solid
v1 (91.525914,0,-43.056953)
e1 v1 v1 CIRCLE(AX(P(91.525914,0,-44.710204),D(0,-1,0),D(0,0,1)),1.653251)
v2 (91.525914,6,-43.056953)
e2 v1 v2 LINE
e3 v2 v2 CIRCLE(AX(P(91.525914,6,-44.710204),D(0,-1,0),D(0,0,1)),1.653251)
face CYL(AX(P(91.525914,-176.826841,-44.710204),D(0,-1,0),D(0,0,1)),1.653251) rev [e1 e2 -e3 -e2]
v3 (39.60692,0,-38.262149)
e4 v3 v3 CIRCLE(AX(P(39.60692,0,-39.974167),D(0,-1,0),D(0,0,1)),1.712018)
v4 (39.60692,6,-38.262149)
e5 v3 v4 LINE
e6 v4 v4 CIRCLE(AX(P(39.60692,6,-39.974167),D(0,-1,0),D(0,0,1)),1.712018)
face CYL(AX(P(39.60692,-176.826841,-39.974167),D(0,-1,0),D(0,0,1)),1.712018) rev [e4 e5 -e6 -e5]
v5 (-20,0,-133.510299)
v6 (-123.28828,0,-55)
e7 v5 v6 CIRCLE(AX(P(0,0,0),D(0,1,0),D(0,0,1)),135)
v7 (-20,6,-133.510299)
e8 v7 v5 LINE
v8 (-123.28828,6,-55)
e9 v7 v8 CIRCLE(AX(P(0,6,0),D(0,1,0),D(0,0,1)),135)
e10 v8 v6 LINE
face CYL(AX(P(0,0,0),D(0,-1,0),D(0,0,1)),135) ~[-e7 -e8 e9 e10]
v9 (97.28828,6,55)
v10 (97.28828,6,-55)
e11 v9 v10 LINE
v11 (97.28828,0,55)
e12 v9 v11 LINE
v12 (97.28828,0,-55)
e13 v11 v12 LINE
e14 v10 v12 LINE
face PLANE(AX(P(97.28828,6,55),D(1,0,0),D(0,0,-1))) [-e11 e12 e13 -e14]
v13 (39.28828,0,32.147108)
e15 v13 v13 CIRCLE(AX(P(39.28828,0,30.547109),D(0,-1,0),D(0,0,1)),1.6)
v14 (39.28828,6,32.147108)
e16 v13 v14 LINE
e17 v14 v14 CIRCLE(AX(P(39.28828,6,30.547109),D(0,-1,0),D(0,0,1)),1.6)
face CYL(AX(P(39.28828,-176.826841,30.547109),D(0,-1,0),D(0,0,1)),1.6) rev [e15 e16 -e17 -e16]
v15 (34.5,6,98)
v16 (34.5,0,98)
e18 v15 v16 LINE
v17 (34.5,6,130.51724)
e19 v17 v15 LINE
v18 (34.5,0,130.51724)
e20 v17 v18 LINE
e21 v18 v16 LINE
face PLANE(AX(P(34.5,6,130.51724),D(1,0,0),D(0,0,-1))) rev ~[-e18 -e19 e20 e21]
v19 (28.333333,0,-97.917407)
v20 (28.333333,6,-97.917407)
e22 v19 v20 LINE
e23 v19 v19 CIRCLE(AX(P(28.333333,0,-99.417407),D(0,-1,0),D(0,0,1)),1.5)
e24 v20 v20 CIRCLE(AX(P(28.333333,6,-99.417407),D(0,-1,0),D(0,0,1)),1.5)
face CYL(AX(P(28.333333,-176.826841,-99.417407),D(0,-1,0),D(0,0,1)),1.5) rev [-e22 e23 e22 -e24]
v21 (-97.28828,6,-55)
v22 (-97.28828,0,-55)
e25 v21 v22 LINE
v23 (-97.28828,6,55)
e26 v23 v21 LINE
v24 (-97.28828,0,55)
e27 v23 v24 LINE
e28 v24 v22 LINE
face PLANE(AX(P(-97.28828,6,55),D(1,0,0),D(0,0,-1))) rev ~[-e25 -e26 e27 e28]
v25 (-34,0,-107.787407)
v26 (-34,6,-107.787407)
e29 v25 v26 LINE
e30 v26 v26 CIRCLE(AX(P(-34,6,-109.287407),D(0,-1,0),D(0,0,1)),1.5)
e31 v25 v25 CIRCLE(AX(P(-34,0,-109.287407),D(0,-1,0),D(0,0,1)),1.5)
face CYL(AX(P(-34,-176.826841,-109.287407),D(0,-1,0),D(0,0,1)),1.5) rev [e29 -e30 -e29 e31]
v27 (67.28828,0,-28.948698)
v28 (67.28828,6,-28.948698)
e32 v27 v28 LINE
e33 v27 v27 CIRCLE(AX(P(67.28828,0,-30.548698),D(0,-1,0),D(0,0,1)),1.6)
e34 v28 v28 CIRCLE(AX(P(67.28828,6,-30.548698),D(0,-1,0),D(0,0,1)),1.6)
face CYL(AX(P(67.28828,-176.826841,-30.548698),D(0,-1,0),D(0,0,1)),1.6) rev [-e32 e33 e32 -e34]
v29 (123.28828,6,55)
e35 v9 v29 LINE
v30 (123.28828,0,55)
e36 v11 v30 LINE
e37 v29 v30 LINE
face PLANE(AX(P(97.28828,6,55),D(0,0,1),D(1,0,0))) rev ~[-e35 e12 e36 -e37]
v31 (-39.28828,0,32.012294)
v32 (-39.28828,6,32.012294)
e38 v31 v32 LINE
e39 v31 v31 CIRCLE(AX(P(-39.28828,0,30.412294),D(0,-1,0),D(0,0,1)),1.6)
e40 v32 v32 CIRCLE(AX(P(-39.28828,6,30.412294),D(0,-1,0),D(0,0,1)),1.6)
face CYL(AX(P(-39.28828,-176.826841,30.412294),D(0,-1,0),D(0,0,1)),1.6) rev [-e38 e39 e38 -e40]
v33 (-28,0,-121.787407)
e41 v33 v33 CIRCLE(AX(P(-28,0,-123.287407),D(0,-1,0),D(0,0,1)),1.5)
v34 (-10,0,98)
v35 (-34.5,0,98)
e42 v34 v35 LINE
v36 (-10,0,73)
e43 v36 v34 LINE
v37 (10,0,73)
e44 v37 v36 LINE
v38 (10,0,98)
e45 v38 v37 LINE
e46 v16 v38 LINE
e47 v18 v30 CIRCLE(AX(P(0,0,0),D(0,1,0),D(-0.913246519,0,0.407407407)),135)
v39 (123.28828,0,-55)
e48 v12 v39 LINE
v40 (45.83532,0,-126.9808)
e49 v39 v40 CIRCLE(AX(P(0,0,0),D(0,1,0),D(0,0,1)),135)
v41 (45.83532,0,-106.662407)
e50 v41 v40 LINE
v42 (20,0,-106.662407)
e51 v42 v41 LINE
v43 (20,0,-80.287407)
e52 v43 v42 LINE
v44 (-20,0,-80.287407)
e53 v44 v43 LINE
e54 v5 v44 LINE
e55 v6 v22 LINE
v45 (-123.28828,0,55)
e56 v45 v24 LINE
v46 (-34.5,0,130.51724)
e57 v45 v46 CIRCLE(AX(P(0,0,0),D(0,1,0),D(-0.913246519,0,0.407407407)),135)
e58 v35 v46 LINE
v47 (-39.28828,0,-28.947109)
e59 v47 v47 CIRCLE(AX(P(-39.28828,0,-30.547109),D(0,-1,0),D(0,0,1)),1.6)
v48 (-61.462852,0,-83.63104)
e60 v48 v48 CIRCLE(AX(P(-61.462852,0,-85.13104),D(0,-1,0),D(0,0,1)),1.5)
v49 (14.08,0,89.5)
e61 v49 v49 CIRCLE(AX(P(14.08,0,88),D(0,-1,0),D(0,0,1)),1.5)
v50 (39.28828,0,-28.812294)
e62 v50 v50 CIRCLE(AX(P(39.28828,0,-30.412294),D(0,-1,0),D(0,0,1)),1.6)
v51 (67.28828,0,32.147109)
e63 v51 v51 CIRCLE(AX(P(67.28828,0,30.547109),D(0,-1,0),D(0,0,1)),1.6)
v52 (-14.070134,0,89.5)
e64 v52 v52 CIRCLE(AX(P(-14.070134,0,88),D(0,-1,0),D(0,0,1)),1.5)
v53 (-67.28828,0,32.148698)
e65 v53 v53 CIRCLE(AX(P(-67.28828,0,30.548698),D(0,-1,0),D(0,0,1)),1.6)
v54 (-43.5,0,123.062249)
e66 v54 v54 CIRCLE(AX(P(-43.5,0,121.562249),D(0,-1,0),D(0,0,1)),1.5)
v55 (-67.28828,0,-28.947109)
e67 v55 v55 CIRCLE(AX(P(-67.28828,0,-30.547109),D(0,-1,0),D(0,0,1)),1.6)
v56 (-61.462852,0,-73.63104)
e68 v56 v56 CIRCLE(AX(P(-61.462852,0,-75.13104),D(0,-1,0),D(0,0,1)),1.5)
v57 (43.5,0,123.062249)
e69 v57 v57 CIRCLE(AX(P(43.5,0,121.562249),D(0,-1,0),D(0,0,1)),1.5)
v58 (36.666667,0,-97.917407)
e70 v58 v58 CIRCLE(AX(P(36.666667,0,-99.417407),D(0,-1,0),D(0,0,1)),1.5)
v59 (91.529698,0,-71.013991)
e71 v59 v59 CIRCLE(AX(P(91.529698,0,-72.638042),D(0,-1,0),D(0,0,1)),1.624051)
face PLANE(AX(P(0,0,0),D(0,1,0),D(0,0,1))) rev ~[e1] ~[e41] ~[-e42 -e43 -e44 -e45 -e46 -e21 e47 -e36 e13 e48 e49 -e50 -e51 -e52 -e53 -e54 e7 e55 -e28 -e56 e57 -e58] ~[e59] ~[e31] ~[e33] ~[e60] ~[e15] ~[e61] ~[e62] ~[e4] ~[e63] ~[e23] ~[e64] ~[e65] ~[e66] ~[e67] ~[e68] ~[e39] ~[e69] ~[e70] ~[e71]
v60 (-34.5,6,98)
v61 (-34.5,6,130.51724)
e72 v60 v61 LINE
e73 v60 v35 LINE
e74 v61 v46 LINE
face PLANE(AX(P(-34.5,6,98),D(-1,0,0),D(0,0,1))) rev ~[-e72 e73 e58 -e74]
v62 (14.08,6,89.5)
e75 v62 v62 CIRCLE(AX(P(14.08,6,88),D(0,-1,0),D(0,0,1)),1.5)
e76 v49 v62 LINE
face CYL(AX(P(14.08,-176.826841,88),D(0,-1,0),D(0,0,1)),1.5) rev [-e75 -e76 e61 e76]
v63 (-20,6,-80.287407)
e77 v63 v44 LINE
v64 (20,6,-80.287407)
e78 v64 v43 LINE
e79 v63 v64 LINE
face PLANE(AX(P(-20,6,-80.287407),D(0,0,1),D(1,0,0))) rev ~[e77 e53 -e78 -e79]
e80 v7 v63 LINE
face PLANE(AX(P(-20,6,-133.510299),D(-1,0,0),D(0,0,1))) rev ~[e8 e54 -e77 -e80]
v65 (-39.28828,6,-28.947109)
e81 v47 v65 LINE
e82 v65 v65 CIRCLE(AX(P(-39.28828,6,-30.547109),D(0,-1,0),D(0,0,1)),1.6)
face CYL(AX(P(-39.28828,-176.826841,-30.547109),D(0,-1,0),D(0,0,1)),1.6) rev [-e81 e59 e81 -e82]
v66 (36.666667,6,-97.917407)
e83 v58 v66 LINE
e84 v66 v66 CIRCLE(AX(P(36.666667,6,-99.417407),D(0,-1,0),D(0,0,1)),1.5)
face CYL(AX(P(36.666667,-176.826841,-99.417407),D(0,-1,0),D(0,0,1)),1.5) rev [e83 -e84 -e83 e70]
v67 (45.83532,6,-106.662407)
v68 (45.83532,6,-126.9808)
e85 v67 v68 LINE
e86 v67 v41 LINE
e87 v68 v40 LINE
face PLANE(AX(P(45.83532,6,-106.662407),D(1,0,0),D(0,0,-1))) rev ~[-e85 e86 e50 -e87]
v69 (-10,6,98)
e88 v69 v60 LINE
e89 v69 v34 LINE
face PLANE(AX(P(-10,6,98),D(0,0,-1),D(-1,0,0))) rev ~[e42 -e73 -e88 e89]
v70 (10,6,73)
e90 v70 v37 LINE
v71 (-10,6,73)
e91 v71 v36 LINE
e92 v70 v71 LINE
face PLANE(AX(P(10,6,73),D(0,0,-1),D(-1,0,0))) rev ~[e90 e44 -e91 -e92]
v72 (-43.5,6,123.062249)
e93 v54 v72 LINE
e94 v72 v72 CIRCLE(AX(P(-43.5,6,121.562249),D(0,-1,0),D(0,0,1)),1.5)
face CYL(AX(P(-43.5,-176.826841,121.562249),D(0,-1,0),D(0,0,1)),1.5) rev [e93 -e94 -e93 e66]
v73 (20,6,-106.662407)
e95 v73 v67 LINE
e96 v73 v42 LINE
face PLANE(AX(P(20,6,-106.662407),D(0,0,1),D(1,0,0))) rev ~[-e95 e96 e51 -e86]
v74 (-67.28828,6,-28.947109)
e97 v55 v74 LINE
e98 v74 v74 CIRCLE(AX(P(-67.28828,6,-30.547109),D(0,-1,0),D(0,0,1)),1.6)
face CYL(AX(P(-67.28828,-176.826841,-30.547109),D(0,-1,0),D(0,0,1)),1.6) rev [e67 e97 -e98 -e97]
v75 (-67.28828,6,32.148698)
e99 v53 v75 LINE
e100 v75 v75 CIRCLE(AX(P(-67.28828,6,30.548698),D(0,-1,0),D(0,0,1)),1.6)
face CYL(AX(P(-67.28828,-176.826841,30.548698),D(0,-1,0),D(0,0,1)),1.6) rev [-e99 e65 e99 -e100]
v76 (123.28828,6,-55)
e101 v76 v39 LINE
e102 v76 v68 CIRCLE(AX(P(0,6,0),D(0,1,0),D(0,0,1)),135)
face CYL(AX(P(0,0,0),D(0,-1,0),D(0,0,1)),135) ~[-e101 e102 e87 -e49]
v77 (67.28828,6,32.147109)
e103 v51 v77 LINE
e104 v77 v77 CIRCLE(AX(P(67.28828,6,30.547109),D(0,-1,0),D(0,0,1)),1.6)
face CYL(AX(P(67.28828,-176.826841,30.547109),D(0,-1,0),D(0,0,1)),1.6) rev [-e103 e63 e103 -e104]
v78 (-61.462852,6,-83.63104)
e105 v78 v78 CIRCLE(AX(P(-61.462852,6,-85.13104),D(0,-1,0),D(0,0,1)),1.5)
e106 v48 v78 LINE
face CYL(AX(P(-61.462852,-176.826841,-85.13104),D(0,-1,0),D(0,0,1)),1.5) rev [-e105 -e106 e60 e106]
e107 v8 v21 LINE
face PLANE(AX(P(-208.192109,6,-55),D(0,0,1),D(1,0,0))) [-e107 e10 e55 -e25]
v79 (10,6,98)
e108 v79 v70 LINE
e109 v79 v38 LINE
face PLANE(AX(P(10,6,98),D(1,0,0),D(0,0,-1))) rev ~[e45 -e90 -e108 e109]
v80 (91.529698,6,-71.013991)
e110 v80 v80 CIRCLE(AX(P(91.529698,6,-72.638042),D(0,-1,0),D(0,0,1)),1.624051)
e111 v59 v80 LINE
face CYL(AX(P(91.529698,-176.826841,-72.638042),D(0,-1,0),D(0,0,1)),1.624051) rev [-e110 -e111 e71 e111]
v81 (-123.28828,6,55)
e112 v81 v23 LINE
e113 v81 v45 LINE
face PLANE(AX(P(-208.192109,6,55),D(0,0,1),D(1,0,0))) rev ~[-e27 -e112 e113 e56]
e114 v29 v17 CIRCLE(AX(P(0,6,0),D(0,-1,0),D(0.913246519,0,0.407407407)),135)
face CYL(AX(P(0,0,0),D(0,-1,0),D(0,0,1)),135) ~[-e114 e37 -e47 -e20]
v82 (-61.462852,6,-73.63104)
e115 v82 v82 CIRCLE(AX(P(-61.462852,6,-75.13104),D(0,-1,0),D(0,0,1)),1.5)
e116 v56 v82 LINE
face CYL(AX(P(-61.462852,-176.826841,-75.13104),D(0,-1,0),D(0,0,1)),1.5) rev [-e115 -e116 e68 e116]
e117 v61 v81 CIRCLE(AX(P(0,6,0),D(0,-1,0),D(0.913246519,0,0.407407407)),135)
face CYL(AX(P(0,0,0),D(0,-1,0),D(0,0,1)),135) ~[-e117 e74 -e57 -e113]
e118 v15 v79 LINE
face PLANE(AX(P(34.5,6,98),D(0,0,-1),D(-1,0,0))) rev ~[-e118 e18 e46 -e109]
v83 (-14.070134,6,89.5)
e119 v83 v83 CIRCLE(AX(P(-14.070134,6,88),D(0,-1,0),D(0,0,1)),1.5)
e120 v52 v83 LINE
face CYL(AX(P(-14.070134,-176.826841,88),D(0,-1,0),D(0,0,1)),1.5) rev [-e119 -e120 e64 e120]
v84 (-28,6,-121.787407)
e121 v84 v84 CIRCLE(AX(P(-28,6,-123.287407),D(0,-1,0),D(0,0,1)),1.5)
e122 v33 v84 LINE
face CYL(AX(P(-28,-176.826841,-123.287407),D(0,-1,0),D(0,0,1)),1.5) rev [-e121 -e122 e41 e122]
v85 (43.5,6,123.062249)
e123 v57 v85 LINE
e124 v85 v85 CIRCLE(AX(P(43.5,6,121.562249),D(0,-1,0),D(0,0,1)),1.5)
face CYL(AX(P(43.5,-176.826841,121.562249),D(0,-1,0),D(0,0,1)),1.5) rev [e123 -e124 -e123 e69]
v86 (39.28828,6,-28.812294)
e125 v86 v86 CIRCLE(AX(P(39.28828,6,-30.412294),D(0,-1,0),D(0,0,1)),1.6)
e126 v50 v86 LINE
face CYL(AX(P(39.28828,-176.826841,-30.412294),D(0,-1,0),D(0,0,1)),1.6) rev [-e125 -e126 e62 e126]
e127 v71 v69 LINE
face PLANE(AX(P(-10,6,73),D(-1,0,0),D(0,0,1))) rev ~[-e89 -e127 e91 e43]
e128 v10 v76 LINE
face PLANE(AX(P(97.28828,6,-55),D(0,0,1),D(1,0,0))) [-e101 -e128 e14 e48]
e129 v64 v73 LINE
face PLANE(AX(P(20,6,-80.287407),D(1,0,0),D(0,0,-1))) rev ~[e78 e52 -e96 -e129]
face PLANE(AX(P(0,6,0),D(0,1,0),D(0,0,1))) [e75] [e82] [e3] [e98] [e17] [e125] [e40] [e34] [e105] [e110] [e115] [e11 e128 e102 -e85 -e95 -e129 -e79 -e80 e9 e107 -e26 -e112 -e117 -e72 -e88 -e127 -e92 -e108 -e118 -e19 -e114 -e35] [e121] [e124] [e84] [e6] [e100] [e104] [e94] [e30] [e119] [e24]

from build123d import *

# Parameters (mm, degrees)
ESQUISSE1_R                   = 135
BOSS_EXTRU_1_DEPTH            = 6
ESQUISSE2_W                   = 112.183682252
ESQUISSE2_H                   = 110
ESQUISSE2_W_2                 = 110.90382882
ENL_V_MAT_EXTRU_12_DEPTH      = 10
ENL_V_MAT_EXTRU_13_DEPTH      = 183.92348127
ENL_V_MAT_EXTRU_14_DEPTH      = 182.826840703
ENL_V_MAT_EXTRU_14_DEPTH_BACK = 182.826840703
ESQUISSE4_R                   = 1.653250653
ESQUISSE4_R_2                 = 1.624051272
ESQUISSE4_R_3                 = 1.712018077
ESQUISSE4_R_4                 = 1.6
ESQUISSE4_R_5                 = 1.599999728
ESQUISSE4_R_6                 = 1.599999892
ESQUISSE4_R_7                 = 1.599999865
ESQUISSE4_R_8                 = 1.599999855
ESQUISSE4_R_9                 = 1.5


with BuildPart() as part:
    # Esquisse1 → Boss.-Extru.1 (new body)
    with BuildSketch(Plane(origin=(0, 0, 0), x_dir=(1, 0, 0), z_dir=(0, 1, 0))):
        with Locations(Location((0, 0, 0), (0, 0, 270))):
            Circle(ESQUISSE1_R)
    extrude(amount=BOSS_EXTRU_1_DEPTH)

    # Esquisse2 → Enlèv. mat.-Extru.12 (cut)
    with BuildSketch(Plane(origin=(0, 6, 0), x_dir=(1, 0, 0), z_dir=(0, 1, 0))):
        with Locations((153.380121185, 0)):
            Rectangle(ESQUISSE2_W, ESQUISSE2_H)
        with Locations((-152.740194469, 0)):
            Rectangle(ESQUISSE2_W_2, ESQUISSE2_H)
    extrude(amount=-ENL_V_MAT_EXTRU_12_DEPTH, mode=Mode.SUBTRACT)

    # Esquisse3 → Enlèv. mat.-Extru.13 (cut, through all)
    with BuildSketch(Plane(origin=(0, 6, 0), x_dir=(1, 0, 0), z_dir=(0, 1, 0))):
        with BuildLine():
            Line((45.835319933, 106.66240667), (45.835319933, 126.980799519))
            ThreePointArc((45.835319933, 126.980799519), (23.265769543, 132.980088613), (0, 135))
            ThreePointArc((0, 135), (-10.027701736, 134.627059679), (-20, 133.510299228))
            Line((-20, 133.510299228), (-20, 80.28740667))
            Line((-20, 80.28740667), (20, 80.28740667))
            Line((20, 80.28740667), (20, 106.66240667))
            Line((20, 106.66240667), (45.835319933, 106.66240667))
        make_face()
        with BuildLine():
            Line((34.5, -98), (10, -98))
            Line((10, -98), (10, -73))
            Line((10, -73), (-10, -73))
            Line((-10, -73), (-10, -98))
            Line((-10, -98), (-34.5, -98))
            Line((-34.5, -98), (-34.5, -130.517240241))
            ThreePointArc((-34.5, -130.517240241), (-17.395007438, -133.874619388), (0, -135))
            ThreePointArc((0, -135), (17.395007438, -133.874619388), (34.5, -130.517240241))
            Line((34.5, -130.517240241), (34.5, -98))
        make_face()
    extrude(amount=-ENL_V_MAT_EXTRU_13_DEPTH, mode=Mode.SUBTRACT)

    # Esquisse4 → Enlèv. mat.-Extru.14 (cut, two sides: drawn at the far end of the back side and taken through both)
    with BuildSketch(Plane(origin=(0, 6, 0), x_dir=(1, 0, 0), z_dir=(0, 1, 0)).offset(-ENL_V_MAT_EXTRU_14_DEPTH_BACK)):
        with Locations(Location((91.525914299, 44.710203818, 0), (0, 0, 270))):
            Circle(ESQUISSE4_R)
        with Locations(Location((91.529697638, 72.638042273, 0), (0, 0, 270))):
            Circle(ESQUISSE4_R_2)
        with Locations(Location((39.606920151, 39.974167075, 0), (0, 0, 270))):
            Circle(ESQUISSE4_R_3)
        with Locations(Location((67.288280059, 30.548697725, 0), (0, 0, 270))):
            Circle(ESQUISSE4_R_4)
        with Locations(Location((39.288280059, 30.412294197, 0), (0, 0, 270))):
            Circle(ESQUISSE4_R_4)
        with Locations(Location((39.288280059, -30.547108673, 0), (0, 0, 270))):
            Circle(ESQUISSE4_R_5)
        with Locations(Location((67.288280059, -30.547108757, 0), (0, 0, 270))):
            Circle(ESQUISSE4_R_6)
        with Locations(Location((-39.288280059, -30.412294197, 0), (0, 0, 270))):
            Circle(ESQUISSE4_R_4)
        with Locations(Location((-67.288280059, -30.548697725, 0), (0, 0, 270))):
            Circle(ESQUISSE4_R_4)
        with Locations(Location((-67.288280059, 30.547108757, 0), (0, 0, 270))):
            Circle(ESQUISSE4_R_7)
        with Locations(Location((-39.288280059, 30.547108674, 0), (0, 0, 270))):
            Circle(ESQUISSE4_R_8)
        with Locations(Location((-61.462852102, 85.131040367, 0), (0, 0, 270))):
            Circle(ESQUISSE4_R_9)
        with Locations(Location((-61.462852102, 75.131040367, 0), (0, 0, 270))):
            Circle(ESQUISSE4_R_9)
        with Locations(Location((-28, 123.28740667, 0), (0, 0, 270))):
            Circle(ESQUISSE4_R_9)
        with Locations(Location((-34, 109.28740667, 0), (0, 0, 270))):
            Circle(ESQUISSE4_R_9)
        with Locations(Location((28.333333333, 99.41740667, 0), (0, 0, 270))):
            Circle(ESQUISSE4_R_9)
        with Locations(Location((36.666666667, 99.41740667, 0), (0, 0, 270))):
            Circle(ESQUISSE4_R_9)
        with Locations(Location((43.5, -121.562248636, 0), (0, 0, 270))):
            Circle(ESQUISSE4_R_9)
        with Locations(Location((-43.5, -121.562248636, 0), (0, 0, 270))):
            Circle(ESQUISSE4_R_9)
        with Locations(Location((14.08, -88, 0), (0, 0, 270))):
            Circle(ESQUISSE4_R_9)
        with Locations(Location((-14.07013432, -88, 0), (0, 0, 270))):
            Circle(ESQUISSE4_R_9)
    extrude(amount=ENL_V_MAT_EXTRU_14_DEPTH + ENL_V_MAT_EXTRU_14_DEPTH_BACK, mode=Mode.SUBTRACT)


solid = part.part
